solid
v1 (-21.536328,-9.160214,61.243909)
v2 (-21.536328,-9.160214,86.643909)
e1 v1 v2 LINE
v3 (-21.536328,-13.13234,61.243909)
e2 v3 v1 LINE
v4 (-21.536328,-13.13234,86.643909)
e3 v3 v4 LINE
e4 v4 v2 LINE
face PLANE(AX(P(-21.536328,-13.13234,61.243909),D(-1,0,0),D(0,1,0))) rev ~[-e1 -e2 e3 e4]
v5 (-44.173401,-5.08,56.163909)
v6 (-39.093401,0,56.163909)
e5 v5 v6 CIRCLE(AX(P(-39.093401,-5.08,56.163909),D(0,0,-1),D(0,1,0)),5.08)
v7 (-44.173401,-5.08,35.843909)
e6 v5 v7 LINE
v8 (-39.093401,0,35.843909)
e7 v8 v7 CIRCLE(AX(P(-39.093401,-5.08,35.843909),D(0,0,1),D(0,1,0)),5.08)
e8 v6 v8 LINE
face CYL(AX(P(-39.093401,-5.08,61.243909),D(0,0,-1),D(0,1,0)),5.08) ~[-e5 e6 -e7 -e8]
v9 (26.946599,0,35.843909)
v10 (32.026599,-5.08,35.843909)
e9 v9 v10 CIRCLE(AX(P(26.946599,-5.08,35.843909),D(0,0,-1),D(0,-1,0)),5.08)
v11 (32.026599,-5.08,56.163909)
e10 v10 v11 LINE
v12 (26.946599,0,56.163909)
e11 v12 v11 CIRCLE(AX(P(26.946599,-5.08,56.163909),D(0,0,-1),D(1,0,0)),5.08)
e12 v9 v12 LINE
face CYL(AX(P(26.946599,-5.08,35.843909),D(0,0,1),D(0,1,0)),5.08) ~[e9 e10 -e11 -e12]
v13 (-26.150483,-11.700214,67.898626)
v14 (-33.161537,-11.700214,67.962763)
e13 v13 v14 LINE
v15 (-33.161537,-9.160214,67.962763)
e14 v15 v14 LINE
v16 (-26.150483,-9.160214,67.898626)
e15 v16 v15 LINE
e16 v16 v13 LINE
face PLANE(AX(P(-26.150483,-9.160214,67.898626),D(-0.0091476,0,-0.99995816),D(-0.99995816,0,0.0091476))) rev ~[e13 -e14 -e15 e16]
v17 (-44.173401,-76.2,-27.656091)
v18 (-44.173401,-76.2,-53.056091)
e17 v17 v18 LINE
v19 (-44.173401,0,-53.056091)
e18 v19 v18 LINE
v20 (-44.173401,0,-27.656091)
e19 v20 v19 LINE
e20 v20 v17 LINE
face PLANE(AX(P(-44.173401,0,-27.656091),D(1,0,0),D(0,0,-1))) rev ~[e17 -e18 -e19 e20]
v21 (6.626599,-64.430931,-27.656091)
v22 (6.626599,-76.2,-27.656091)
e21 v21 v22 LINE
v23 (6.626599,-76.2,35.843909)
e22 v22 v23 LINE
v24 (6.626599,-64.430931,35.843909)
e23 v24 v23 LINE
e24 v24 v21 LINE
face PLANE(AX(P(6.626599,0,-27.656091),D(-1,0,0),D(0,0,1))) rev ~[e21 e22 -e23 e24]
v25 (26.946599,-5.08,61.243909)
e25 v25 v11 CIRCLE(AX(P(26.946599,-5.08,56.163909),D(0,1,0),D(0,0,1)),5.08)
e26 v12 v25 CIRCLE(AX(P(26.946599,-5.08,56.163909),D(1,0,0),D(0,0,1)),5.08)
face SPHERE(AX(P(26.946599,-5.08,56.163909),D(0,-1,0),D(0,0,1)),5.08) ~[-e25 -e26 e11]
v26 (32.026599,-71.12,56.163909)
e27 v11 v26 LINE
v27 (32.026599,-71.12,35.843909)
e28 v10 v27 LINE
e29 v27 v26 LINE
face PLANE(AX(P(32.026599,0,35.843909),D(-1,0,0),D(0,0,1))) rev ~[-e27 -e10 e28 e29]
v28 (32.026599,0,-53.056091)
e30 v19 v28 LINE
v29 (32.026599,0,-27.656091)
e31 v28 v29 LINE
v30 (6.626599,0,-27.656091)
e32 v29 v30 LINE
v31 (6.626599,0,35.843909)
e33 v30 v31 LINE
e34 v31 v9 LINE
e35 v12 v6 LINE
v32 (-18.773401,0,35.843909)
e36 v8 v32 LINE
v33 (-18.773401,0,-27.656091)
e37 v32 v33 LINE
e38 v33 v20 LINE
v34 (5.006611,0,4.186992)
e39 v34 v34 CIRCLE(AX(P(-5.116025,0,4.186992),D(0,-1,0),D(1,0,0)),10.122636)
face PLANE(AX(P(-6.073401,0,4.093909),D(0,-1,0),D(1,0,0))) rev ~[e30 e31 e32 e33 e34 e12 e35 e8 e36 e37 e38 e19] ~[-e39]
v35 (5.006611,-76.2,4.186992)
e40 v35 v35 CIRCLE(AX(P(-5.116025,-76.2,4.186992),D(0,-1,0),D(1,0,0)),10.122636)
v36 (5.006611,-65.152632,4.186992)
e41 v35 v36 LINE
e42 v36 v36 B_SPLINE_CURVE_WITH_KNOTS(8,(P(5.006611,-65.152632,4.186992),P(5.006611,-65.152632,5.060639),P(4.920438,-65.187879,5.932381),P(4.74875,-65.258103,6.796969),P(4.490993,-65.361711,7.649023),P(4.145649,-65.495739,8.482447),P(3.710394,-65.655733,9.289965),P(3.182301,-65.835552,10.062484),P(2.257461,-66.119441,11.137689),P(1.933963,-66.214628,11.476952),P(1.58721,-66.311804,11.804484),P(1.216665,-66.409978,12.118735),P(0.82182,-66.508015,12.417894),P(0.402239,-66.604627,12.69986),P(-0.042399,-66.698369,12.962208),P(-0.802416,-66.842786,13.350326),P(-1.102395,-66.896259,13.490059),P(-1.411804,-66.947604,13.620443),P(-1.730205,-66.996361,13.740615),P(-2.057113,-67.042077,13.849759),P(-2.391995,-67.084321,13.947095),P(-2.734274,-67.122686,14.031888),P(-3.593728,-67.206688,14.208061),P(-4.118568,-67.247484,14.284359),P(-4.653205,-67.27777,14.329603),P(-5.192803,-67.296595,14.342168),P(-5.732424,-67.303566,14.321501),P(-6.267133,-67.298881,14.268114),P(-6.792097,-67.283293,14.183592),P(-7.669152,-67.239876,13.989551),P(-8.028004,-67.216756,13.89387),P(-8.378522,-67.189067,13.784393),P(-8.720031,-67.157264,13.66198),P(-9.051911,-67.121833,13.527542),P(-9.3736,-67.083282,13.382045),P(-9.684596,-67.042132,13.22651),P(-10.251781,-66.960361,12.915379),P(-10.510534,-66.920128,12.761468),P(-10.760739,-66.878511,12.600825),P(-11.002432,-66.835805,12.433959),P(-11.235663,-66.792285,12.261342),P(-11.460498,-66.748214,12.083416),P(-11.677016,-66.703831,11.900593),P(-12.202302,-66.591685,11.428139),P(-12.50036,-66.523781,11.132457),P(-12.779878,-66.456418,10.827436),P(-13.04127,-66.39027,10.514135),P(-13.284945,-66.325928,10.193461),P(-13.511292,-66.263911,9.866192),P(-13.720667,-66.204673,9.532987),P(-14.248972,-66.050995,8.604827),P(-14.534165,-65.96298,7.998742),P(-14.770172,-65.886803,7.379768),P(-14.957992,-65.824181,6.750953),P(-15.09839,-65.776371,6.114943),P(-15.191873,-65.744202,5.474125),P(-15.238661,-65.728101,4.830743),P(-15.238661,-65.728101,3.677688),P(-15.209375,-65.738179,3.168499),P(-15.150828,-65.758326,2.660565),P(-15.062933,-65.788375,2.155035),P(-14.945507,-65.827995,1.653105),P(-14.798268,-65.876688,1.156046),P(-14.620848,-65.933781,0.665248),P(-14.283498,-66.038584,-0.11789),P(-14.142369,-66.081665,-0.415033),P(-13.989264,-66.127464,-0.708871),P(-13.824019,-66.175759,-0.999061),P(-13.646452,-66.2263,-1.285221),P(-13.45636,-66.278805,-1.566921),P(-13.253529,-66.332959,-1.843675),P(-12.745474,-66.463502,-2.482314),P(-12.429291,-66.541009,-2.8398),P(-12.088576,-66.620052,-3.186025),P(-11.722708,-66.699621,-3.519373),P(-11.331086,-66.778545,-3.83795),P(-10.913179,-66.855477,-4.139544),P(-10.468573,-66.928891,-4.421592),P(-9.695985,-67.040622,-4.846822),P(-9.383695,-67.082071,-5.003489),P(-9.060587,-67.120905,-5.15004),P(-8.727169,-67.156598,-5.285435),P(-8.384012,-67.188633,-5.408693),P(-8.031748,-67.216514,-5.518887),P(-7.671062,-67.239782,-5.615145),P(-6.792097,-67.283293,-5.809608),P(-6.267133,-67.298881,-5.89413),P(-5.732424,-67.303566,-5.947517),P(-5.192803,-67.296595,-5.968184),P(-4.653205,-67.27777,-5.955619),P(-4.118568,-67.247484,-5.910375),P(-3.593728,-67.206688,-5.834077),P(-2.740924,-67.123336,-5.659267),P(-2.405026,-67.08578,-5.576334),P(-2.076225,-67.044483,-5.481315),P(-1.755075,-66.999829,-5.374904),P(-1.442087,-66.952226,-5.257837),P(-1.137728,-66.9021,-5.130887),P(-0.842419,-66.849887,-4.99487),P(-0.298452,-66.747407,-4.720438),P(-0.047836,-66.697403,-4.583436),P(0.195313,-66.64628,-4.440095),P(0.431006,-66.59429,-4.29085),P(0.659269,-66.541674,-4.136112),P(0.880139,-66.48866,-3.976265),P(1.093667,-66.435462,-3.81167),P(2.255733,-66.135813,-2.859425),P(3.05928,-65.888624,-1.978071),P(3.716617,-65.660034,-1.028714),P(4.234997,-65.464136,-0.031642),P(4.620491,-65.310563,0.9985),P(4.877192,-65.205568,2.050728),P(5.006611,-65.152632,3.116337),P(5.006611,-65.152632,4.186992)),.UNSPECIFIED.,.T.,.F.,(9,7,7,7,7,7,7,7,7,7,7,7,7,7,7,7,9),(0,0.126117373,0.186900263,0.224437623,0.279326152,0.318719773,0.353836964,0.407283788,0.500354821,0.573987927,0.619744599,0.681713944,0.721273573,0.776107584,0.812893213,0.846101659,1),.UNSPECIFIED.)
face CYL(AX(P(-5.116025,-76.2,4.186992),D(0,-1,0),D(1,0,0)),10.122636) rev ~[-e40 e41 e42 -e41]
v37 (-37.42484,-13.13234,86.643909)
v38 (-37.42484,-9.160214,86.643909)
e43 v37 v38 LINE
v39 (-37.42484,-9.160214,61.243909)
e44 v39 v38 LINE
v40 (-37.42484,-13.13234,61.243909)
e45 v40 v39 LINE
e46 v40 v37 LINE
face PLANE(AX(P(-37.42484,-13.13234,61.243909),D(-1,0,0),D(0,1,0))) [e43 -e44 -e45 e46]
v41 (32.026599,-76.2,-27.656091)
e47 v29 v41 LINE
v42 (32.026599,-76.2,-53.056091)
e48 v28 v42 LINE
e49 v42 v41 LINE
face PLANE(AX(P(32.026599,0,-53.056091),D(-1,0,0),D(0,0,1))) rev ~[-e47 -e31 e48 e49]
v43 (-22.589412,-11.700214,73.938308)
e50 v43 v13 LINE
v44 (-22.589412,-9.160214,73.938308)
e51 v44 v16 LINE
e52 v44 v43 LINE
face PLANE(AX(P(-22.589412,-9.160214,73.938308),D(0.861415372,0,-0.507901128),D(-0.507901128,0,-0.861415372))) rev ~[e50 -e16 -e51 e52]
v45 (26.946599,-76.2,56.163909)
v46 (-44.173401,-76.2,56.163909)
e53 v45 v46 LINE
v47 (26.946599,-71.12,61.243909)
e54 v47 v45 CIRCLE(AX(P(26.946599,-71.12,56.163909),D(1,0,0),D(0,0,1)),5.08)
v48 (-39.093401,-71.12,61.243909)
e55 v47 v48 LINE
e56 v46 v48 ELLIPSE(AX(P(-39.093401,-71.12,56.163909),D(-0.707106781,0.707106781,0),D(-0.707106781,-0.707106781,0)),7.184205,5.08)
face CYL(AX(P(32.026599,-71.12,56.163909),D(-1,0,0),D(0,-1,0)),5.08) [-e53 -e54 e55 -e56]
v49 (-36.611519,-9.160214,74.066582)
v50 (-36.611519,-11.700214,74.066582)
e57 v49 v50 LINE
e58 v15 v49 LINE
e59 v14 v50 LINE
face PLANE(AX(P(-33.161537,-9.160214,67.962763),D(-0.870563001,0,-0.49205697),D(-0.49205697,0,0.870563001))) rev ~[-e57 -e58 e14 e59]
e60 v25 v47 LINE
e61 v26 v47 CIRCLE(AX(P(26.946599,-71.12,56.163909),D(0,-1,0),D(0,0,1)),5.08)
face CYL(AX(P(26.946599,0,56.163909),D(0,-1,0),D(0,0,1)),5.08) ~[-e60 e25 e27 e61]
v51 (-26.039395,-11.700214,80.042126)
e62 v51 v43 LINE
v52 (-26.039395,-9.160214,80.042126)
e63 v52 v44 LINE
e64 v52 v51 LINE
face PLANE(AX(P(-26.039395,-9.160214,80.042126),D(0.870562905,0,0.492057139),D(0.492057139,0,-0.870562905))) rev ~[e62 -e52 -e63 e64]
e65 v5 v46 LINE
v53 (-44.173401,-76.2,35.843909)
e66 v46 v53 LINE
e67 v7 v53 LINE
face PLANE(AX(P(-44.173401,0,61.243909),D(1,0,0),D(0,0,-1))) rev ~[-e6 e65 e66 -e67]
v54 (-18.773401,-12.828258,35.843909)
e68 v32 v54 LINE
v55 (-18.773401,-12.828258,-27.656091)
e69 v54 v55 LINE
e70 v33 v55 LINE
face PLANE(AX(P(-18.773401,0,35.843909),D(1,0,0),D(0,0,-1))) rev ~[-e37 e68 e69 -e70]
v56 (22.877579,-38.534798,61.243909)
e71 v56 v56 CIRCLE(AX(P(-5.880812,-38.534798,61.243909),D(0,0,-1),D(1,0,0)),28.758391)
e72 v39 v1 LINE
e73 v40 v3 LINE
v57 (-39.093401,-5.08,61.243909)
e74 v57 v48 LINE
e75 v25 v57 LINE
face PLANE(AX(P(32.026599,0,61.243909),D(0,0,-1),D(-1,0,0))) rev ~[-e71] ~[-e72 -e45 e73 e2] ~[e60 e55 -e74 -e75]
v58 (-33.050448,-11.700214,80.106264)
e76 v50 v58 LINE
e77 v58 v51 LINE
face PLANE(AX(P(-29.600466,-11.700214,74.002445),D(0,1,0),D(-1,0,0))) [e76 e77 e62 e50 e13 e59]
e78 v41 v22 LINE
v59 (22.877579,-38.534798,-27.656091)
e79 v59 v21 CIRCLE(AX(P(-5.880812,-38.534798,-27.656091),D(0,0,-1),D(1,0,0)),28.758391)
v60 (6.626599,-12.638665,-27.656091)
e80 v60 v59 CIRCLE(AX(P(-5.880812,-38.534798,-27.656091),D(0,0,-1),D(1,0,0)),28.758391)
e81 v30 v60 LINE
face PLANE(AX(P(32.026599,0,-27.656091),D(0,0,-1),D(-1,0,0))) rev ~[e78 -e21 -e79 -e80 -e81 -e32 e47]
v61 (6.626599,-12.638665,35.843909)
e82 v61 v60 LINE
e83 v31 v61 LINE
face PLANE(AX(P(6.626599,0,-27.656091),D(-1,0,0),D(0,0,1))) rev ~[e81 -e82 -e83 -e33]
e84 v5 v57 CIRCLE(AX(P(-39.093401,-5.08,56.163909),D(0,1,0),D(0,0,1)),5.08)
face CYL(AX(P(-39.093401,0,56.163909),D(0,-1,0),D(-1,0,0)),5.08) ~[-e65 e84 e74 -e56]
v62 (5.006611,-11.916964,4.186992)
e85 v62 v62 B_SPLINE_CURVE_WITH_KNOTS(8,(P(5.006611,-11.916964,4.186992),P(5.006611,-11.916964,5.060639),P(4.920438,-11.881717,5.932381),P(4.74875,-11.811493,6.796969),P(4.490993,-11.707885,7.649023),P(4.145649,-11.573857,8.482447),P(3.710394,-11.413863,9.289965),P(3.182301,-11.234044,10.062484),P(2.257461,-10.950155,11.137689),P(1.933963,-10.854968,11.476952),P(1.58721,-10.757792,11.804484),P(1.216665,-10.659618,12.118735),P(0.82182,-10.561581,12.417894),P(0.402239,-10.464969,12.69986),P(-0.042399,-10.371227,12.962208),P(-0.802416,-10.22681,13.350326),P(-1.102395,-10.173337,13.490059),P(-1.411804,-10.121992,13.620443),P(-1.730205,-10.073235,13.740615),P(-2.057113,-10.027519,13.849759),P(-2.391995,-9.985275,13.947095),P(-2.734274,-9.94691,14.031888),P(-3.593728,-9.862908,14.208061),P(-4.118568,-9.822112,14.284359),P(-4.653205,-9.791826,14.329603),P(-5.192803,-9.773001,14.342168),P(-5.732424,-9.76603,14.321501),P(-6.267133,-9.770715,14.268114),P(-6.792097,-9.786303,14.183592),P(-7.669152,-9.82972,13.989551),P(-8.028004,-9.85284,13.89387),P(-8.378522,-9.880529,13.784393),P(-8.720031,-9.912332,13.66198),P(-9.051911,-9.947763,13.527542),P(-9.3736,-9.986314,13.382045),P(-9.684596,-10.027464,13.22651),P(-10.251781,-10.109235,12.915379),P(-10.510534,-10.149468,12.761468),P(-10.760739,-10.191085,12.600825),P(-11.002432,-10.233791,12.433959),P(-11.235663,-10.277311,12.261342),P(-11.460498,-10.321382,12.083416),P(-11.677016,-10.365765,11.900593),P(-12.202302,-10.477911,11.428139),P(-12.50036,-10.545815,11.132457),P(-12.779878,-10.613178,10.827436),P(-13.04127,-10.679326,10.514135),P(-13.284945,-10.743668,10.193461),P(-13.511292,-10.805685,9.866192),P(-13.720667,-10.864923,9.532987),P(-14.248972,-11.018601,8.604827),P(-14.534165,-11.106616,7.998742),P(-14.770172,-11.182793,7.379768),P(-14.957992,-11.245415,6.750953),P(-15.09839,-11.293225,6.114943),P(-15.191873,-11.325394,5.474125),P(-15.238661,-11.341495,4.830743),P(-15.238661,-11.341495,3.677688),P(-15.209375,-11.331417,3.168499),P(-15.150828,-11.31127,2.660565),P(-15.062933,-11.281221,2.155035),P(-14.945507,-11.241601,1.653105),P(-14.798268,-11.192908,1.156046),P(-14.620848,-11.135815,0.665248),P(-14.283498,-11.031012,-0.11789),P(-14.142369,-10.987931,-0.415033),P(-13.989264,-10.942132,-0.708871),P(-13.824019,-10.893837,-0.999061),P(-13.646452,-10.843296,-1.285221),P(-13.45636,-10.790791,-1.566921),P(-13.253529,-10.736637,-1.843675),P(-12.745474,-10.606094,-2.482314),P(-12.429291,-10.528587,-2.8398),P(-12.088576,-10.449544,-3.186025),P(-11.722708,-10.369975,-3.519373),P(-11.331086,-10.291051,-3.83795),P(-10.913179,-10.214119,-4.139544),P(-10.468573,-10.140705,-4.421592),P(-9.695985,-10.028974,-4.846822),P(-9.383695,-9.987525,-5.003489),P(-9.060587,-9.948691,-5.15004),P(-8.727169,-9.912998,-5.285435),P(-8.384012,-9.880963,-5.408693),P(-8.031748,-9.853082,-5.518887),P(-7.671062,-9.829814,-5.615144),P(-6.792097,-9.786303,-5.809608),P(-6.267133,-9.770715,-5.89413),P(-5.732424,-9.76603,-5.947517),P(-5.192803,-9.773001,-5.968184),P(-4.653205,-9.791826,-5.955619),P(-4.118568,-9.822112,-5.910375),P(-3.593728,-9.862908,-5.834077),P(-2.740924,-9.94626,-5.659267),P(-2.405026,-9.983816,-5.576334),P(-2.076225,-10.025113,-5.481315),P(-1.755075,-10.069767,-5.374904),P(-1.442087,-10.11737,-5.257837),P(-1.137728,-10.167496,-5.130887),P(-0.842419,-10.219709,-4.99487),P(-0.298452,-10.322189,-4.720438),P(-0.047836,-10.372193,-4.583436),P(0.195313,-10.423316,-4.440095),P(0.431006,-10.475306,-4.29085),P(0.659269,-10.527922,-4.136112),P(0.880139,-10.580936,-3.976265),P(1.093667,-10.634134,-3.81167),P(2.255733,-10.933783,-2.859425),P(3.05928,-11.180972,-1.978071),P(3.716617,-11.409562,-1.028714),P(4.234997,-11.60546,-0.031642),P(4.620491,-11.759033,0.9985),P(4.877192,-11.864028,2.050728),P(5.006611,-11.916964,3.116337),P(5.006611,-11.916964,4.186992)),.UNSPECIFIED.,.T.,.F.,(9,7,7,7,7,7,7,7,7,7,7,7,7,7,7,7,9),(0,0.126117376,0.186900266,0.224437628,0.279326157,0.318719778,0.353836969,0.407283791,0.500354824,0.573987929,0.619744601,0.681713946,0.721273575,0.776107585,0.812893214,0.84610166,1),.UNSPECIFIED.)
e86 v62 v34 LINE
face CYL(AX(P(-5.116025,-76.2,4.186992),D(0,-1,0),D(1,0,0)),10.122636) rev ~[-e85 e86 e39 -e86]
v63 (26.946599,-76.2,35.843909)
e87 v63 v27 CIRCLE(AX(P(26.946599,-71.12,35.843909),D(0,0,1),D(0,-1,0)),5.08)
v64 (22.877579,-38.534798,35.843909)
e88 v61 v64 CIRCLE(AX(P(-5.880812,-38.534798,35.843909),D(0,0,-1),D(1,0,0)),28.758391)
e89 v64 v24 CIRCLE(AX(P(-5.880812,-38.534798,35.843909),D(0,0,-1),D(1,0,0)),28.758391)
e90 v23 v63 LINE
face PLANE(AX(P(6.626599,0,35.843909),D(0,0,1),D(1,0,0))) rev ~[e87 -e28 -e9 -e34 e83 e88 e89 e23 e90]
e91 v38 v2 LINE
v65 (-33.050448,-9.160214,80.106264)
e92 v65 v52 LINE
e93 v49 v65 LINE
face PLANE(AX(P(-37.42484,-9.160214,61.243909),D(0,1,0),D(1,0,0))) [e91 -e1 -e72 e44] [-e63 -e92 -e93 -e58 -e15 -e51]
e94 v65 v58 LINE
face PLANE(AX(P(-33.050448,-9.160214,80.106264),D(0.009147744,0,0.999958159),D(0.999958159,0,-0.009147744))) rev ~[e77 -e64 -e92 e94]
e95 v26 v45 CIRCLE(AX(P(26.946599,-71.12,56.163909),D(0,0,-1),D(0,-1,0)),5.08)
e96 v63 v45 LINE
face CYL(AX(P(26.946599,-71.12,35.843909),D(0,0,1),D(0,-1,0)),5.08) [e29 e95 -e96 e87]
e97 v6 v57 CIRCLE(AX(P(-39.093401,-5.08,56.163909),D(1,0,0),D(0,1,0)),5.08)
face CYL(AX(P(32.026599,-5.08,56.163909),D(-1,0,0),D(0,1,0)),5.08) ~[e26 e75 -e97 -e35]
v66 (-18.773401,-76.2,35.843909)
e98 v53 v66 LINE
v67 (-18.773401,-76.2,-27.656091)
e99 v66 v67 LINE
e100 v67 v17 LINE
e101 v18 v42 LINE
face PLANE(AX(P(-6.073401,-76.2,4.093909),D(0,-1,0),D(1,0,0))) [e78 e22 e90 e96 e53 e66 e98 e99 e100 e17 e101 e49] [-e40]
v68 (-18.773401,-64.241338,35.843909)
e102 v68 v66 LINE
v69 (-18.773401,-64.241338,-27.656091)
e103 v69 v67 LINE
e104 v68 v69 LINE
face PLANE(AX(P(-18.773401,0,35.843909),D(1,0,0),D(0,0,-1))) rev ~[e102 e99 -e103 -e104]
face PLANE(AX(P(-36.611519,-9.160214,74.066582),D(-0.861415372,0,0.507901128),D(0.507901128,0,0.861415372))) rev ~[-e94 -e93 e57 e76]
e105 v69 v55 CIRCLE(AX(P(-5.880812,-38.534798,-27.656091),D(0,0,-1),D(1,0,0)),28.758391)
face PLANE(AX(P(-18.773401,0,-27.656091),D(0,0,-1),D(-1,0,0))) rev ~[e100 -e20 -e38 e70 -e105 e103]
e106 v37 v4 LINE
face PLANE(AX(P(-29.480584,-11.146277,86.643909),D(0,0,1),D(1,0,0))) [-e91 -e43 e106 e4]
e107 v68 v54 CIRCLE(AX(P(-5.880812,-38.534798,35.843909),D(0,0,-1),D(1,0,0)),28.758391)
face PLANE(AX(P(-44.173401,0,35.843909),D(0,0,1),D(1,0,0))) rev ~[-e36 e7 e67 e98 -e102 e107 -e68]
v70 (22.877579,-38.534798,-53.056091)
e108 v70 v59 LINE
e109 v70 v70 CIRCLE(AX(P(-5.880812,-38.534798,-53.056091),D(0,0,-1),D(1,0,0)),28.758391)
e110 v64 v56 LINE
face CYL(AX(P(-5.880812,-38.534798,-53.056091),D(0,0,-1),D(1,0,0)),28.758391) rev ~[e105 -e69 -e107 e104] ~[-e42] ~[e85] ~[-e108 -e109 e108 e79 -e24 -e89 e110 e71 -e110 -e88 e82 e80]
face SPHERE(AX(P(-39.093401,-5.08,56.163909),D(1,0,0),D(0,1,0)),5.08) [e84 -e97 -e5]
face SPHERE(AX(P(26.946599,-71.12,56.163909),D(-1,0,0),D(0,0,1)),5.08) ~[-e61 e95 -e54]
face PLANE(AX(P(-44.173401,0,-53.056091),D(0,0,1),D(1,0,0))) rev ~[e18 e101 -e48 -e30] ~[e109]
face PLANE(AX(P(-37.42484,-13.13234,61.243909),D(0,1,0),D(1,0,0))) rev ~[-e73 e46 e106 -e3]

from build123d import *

# Parameters (mm, degrees)
F1_DEPTH  = 76.2
F2_R      = 16.759679
F3_DEPTH  = 50.801
F4_R      = 10.122636
F5_DEPTH  = 76.201
F6_R      = 28.758391
F7_DEPTH  = 114.301
F8_R      = 5.08
F10_W     = 15.888512
F10_H     = 3.972126
F11_DEPTH = 25.4
F13_DEPTH = 2.54


with BuildPart() as f1:
    # F0 (on Front) → F1 (new body)
    with BuildSketch(Plane.XZ):
        Polygon((-44.173401, -27.656091), (-44.173401, -53.056091), (32.026599, -53.056091), (32.026599, -27.656091), (6.626599, -27.656091), (6.626599, 35.843909), (32.026599, 35.843909), (32.026599, 61.243909), (-44.173401, 61.243909), (-44.173401, 35.843909), (-18.773401, 35.843909), (-18.773401, -27.656091), align=None)
    extrude(amount=F1_DEPTH)

    # F2 (on face) → F3 (cut, through all)
    with BuildSketch(Plane.YZ.offset(6.626599)):
        with Locations((-43.022785, 3.559439)):
            Circle(F2_R)
    extrude(amount=-F3_DEPTH, mode=Mode.SUBTRACT)

    # F4 (on face) → F5 (cut, through all)
    with BuildSketch(Plane.XZ.offset(76.2)):
        with Locations((-5.116025, 4.186992)):
            Circle(F4_R)
    extrude(amount=-F5_DEPTH, mode=Mode.SUBTRACT)

    # F6 (on face) → F7 (cut, through all)
    with BuildSketch(Plane(origin=(0, 0, -53.056091), x_dir=(1, 0, 0), z_dir=(0, 0, -1))):
        with Locations((-5.880812, 38.534798)):
            Circle(F6_R)
    extrude(amount=-F7_DEPTH, mode=Mode.SUBTRACT)

    # F8
    f8_edges = [f1.edges().sort_by_distance(p)[0] for p in [
        (-6.073401, -76.2, 61.243909),
        (32.026599, -38.1, 61.243909),
        (32.026599, -76.2, 48.543909),
        (-6.073401, 0, 61.243909),
        (32.026599, 0, 48.543909),
        (-44.173401, 0, 48.543909),
        (-44.173401, -38.1, 61.243909),
    ]]
    fillet(f8_edges, radius=F8_R)

    # F10 (on face) → F11 (join)
    with BuildSketch(Plane.XY.offset(61.243909)):
        with Locations((-29.480584, -11.146277)):
            Rectangle(F10_W, F10_H)
    extrude(amount=F11_DEPTH)

    # F12 (on face) → F13 (cut)
    with BuildSketch(Plane(origin=(0, -9.160214, 0), x_dir=(-1, 0, 0), z_dir=(0, 1, 0))):
        Polygon((33.161537, 67.962763), (36.611519, 74.066582), (33.050448, 80.106264), (26.039395, 80.042126), (22.589412, 73.938308), (26.150483, 67.898626), align=None)
    extrude(amount=-F13_DEPTH, mode=Mode.SUBTRACT)


solid = f1.part
